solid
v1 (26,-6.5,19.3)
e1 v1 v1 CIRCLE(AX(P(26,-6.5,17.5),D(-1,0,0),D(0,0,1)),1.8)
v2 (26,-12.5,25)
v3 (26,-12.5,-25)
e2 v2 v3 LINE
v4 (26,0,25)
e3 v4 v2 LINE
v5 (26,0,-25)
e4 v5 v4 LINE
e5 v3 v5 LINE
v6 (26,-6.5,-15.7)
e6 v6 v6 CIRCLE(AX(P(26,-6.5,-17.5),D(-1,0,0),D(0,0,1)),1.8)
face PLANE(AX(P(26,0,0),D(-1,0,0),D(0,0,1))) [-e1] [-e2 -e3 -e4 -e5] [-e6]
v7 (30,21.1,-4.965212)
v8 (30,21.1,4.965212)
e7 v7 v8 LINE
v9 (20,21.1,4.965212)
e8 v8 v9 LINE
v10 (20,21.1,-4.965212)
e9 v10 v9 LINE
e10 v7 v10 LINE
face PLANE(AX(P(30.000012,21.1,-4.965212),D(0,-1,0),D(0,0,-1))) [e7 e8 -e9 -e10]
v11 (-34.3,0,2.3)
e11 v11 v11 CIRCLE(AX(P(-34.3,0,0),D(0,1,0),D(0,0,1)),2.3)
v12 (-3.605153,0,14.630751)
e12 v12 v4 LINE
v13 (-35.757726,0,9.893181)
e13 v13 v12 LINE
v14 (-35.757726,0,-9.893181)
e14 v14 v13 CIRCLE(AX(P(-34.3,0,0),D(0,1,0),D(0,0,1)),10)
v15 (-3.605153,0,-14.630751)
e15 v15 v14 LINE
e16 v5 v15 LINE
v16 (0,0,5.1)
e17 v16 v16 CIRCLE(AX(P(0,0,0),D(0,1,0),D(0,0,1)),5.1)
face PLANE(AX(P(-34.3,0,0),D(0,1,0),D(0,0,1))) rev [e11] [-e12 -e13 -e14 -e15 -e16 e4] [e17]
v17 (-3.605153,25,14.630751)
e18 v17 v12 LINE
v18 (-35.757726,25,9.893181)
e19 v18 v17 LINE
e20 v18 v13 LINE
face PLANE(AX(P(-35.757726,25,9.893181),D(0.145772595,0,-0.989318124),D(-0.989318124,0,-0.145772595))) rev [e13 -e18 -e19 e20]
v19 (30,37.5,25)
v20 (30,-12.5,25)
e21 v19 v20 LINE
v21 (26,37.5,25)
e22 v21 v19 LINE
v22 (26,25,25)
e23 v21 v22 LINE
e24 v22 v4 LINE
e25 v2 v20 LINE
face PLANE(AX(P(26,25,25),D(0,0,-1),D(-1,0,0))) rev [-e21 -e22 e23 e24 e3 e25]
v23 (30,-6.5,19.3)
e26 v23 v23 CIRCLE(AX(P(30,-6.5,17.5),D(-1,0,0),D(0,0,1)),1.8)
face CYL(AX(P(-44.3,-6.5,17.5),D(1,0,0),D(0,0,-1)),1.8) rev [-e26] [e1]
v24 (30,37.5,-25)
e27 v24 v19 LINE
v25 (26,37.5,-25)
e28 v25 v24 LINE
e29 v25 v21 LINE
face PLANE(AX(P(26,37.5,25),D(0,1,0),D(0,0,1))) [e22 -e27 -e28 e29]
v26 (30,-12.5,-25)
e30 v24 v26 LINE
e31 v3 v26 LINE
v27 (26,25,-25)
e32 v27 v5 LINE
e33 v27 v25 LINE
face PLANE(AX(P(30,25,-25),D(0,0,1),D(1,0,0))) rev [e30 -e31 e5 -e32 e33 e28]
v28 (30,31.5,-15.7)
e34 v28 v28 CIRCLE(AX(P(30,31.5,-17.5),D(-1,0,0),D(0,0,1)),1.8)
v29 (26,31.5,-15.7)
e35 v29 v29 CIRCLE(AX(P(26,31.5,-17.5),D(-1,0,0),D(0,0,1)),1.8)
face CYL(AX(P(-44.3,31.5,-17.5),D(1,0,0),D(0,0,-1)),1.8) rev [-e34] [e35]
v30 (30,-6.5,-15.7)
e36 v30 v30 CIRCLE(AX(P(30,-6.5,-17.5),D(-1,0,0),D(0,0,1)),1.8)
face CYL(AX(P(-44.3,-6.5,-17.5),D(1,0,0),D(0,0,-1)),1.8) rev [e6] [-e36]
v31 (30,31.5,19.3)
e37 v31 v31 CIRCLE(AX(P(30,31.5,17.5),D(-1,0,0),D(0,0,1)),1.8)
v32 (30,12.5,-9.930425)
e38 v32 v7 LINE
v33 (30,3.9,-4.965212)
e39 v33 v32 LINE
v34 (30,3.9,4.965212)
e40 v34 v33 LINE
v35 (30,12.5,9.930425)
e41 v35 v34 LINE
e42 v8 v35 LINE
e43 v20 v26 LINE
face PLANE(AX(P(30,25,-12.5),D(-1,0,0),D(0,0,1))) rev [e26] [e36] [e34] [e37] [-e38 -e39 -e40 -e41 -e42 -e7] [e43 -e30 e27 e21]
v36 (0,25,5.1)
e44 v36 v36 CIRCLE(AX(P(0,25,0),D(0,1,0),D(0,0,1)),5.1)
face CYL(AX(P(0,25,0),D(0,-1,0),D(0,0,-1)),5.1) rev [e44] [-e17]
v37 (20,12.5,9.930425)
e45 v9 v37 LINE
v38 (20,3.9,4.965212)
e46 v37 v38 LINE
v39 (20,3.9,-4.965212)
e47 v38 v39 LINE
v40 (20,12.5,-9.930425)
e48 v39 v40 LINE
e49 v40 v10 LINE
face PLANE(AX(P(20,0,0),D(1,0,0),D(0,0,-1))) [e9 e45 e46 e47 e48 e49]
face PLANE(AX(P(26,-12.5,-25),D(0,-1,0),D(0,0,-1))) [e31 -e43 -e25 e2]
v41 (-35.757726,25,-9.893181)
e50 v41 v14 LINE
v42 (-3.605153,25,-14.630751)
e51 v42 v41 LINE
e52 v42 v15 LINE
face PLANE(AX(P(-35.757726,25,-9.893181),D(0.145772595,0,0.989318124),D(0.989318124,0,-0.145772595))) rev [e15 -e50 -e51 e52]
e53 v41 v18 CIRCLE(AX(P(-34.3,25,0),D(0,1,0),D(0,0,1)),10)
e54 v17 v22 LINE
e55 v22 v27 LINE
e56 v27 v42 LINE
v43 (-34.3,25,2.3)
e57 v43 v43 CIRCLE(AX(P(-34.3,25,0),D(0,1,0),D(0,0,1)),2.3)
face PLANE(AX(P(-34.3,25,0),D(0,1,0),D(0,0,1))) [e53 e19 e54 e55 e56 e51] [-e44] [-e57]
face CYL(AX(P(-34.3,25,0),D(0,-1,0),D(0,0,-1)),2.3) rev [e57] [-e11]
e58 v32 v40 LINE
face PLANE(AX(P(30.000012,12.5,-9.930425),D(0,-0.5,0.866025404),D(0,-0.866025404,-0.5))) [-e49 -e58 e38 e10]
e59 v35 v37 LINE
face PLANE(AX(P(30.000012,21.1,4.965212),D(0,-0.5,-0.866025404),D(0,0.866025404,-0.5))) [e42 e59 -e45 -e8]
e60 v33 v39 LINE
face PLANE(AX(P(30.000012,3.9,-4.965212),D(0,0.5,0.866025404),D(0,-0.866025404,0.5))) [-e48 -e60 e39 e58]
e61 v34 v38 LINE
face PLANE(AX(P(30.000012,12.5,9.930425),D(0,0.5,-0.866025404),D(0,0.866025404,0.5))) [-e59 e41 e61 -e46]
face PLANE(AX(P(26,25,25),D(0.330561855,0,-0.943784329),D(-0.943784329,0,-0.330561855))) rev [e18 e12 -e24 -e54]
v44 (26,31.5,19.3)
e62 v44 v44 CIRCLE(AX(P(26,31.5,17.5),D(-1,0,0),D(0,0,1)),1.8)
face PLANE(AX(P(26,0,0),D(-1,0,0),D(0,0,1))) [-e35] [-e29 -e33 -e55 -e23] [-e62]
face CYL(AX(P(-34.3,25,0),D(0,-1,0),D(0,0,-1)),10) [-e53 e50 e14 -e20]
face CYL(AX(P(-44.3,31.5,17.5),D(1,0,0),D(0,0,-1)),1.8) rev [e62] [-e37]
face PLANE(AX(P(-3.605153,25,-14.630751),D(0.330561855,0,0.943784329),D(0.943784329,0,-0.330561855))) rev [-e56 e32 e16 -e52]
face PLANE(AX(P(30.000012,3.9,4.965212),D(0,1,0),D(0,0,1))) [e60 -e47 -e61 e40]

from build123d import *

# Parameters (mm, degrees)
SKETCH1_R               = 5.1
SKETCH1_R_2             = 2.3
BOSS_EXTRUDE1_DEPTH     = 25
SKETCH4_W               = 50
SKETCH4_H               = 12.5
BOSS_EXTRUDE3_DEPTH     = 4
CUT_EXTRUDE3_DEPTH      = 87.900747983
CUT_EXTRUDE3_DEPTH_BACK = 87.900747983
SKETCH5_R               = 1.8
CUT_EXTRUDE4_DEPTH      = 87.900747983
CUT_EXTRUDE4_DEPTH_BACK = 10


with BuildPart() as part:
    # Sketch1 → Boss-Extrude1 (new body)
    with BuildSketch(Plane(origin=(0, 0, 0), x_dir=(1, 0, 0), z_dir=(0, 1, 0))):
        with BuildLine():
            Line((30, 12.5), (30, -12.5))
            Line((30, -12.5), (30, -25))
            Line((30, -25), (26, -25))
            Line((26, -25), (-3.605153395, -14.630751305))
            Line((-3.605153395, -14.630751305), (-35.757725948, -9.893181241))
            ThreePointArc((-35.757725948, -9.893181241), (-44.3, 0), (-35.757725948, 9.893181241))
            Line((-35.757725948, 9.893181241), (-3.605153395, 14.630751305))
            Line((-3.605153395, 14.630751305), (26, 25))
            Line((26, 25), (30, 25))
            Line((30, 25), (30, 12.5))
        make_face()
        with Locations(Location((0, 0, 0), (0, 0, 270))):
            Circle(SKETCH1_R, mode=Mode.SUBTRACT)
        with Locations(Location((-34.3, 0, 0), (0, 0, 270))):
            Circle(SKETCH1_R_2, mode=Mode.SUBTRACT)
    extrude(amount=BOSS_EXTRUDE1_DEPTH)

    # Sketch4 → Boss-Extrude3 (add)
    with BuildSketch(Plane(origin=(30, 0, 0), x_dir=(0, 0, -1), z_dir=(1, 0, 0))):
        with Locations((0, 31.25)):
            Rectangle(SKETCH4_W, SKETCH4_H)
        with Locations((0, -6.25)):
            Rectangle(SKETCH4_W, SKETCH4_H)
    extrude(amount=-BOSS_EXTRUDE3_DEPTH)

    # Sketch5 → Cut-Extrude3 (cut, two sides: drawn at the far end of the back side and taken through both)
    with BuildSketch(Plane(origin=(30, 0, 0), x_dir=(0, 0, -1), z_dir=(1, 0, 0)).offset(-CUT_EXTRUDE3_DEPTH_BACK)):
        with Locations(Location((-17.5, 31.5, 0), (0, 0, 180))):
            Circle(SKETCH5_R)
        with Locations(Location((17.5, 31.5, 0), (0, 0, 180))):
            Circle(SKETCH5_R)
        with Locations(Location((17.5, -6.5, 0), (0, 0, 180))):
            Circle(SKETCH5_R)
        with Locations(Location((-17.5, -6.5, 0), (0, 0, 180))):
            Circle(SKETCH5_R)
    extrude(amount=CUT_EXTRUDE3_DEPTH + CUT_EXTRUDE3_DEPTH_BACK, mode=Mode.SUBTRACT)

    # Sketch3 → Cut-Extrude4 (cut, two sides: drawn at the far end of the back side and taken through both)
    with BuildSketch(Plane(origin=(30, 0, 0), x_dir=(0, 0, -1), z_dir=(1, 0, 0)).offset(-CUT_EXTRUDE4_DEPTH_BACK)):
        Polygon((-4.965212315, 21.1), (-9.93042463, 12.5), (-4.965212315, 3.9), (4.965212315, 3.9), (9.93042463, 12.5), (4.965212315, 21.1), align=None)
    extrude(amount=CUT_EXTRUDE4_DEPTH + CUT_EXTRUDE4_DEPTH_BACK, mode=Mode.SUBTRACT)


solid = part.part
